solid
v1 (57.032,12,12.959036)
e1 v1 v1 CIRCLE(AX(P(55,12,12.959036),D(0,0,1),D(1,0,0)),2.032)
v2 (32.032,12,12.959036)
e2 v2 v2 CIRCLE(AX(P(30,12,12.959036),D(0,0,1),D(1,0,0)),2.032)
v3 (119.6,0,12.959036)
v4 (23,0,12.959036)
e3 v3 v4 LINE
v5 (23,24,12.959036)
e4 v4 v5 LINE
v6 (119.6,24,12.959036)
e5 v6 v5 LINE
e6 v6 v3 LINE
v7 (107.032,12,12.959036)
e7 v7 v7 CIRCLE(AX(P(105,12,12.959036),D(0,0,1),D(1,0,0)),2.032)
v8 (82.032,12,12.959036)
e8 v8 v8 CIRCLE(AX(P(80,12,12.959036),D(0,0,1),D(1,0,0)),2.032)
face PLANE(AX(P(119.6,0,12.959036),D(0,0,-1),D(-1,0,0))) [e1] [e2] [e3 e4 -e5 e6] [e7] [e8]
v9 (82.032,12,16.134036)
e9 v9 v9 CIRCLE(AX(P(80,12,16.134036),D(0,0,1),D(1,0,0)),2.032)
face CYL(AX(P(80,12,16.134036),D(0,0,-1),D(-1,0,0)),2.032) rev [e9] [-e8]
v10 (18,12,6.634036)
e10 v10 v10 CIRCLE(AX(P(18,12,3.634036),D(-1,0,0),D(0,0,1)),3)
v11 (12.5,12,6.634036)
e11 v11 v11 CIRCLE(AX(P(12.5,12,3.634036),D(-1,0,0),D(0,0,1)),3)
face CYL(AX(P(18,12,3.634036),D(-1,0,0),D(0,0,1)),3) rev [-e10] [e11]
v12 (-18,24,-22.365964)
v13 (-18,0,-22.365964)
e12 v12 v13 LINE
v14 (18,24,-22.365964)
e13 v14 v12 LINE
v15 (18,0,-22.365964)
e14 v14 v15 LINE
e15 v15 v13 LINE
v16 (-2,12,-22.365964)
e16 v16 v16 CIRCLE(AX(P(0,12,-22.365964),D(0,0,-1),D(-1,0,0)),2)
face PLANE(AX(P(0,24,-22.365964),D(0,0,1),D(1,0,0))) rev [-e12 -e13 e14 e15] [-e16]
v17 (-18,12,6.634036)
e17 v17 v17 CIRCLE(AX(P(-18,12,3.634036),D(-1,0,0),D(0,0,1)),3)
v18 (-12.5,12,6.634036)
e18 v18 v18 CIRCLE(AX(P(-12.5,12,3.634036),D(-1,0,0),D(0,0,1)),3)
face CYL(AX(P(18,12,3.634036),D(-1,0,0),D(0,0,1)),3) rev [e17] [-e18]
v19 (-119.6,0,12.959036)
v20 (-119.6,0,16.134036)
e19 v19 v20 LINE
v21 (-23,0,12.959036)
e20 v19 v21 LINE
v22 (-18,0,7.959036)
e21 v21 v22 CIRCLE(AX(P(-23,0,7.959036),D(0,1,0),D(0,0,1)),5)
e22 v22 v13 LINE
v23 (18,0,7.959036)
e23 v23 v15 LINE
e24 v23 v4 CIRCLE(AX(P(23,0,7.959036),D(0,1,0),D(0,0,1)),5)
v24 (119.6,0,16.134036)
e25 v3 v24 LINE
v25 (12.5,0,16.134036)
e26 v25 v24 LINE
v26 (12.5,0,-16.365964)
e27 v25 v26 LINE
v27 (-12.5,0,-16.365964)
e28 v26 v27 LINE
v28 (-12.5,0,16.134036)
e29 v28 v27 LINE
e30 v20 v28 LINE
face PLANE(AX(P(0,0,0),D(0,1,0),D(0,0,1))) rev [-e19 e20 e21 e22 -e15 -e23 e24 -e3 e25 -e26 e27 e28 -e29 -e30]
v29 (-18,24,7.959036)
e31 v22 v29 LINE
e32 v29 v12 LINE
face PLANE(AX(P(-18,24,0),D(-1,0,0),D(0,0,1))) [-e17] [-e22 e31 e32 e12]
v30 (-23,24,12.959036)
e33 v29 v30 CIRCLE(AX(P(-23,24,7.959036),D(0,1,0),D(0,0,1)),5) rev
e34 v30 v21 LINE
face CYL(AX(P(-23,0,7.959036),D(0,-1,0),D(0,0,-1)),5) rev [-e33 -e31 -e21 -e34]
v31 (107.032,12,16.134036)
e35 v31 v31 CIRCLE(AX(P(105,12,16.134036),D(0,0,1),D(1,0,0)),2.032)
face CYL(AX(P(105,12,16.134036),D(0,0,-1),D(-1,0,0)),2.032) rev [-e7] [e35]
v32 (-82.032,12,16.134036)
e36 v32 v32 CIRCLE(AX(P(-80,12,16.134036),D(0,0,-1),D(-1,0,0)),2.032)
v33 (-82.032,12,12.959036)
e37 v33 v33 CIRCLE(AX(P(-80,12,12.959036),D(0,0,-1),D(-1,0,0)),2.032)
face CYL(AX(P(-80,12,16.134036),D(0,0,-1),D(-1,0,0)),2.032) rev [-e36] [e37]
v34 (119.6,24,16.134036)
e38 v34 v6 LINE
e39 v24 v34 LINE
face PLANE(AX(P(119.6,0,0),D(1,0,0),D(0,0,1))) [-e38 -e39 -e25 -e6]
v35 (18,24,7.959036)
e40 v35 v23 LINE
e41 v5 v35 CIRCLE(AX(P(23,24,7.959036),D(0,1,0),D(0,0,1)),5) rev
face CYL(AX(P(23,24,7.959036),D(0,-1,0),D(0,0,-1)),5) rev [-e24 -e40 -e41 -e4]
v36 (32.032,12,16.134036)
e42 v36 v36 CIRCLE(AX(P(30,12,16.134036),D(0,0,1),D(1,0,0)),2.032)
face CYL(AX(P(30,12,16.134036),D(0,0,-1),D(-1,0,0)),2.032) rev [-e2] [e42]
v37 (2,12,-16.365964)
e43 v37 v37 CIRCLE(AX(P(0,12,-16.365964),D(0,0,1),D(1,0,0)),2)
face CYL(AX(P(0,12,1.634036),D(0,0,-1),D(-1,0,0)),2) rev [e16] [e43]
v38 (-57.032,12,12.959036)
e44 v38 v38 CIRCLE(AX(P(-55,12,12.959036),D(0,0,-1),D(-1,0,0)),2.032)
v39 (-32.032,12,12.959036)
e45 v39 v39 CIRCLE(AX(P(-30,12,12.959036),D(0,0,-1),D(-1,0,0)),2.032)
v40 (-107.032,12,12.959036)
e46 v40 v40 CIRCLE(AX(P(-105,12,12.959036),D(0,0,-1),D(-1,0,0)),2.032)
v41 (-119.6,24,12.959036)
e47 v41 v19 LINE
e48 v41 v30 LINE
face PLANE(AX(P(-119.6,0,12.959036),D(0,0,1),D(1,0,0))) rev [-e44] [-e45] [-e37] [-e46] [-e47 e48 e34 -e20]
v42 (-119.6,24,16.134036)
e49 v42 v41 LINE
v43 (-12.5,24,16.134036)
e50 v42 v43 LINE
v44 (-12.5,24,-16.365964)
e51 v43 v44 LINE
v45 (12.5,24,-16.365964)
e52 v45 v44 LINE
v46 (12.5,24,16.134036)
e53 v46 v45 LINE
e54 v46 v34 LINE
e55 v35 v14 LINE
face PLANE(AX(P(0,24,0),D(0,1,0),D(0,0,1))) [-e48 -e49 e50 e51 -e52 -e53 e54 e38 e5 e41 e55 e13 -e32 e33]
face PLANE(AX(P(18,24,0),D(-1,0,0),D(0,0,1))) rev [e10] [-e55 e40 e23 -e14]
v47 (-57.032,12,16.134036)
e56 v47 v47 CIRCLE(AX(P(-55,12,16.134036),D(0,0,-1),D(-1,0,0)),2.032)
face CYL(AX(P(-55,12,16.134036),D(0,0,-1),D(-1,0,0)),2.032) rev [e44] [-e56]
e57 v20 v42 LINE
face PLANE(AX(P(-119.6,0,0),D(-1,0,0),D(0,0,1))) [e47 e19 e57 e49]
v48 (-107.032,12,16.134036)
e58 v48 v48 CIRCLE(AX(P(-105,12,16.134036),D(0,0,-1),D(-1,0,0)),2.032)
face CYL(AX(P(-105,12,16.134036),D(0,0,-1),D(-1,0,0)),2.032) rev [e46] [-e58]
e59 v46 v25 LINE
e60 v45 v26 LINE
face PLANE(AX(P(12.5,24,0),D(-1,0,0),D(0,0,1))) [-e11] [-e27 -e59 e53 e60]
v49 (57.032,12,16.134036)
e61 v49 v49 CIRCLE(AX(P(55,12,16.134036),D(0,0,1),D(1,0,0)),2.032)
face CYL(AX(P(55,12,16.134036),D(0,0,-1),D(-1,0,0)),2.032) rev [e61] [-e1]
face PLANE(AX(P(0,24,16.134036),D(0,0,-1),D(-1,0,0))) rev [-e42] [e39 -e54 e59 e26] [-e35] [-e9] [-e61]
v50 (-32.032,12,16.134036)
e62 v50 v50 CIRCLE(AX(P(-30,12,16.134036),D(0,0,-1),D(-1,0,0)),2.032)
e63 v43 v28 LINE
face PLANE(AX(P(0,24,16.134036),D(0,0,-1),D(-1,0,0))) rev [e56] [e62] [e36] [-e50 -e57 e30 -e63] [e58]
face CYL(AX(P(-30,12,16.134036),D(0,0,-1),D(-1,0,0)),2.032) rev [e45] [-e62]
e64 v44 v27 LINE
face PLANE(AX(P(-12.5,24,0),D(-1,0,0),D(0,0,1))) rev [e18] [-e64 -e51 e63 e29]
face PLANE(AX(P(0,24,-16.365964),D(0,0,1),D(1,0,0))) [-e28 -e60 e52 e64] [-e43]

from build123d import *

# Parameters (mm, degrees)
BOSS_EXTRUDE1_DEPTH     = 24
SKETCH2_R               = 2
CUT_EXTRUDE1_DEPTH      = 24
SKETCH3_R               = 3
CUT_EXTRUDE2_DEPTH      = 1
CUT_EXTRUDE2_DEPTH_BACK = 37
SKETCH4_W               = 3.175
SKETCH4_H               = 24
BOSS_EXTRUDE2_DEPTH     = 101.6
SKETCH7_R               = 2.032
CUT_EXTRUDE3_DEPTH      = 4.175
FILLET1_R               = 5
FILLET2_R               = 5


with BuildPart() as part:
    # Sketch1 → Boss-Extrude1 (new body)
    with BuildSketch(Plane(origin=(0, 0, 0), x_dir=(1, 0, 0), z_dir=(0, 1, 0))):
        Polygon((12.5, -16.134036145), (12.5, 16.365963855), (-12.5, 16.365963855), (-12.5, -16.134036145), (-18, -16.134036145), (-18, 22.365963855), (18, 22.365963855), (18, -16.134036145), align=None)
    extrude(amount=BOSS_EXTRUDE1_DEPTH)

    # Sketch2 → Cut-Extrude1 (cut)
    with BuildSketch(Plane(origin=(0, 0, -22.365963855), x_dir=(-1, 0, 0), z_dir=(0, 0, -1))):
        with Locations((0, 12)):
            Circle(SKETCH2_R)
    extrude(amount=-CUT_EXTRUDE1_DEPTH, mode=Mode.SUBTRACT)

    # Sketch3 → Cut-Extrude2 (cut, two sides)
    with BuildSketch(Plane.ZY.offset(18)) as cut_extrude2_sk:
        with Locations((3.634036145, 12)):
            Circle(SKETCH3_R)
    extrude(amount=CUT_EXTRUDE2_DEPTH, mode=Mode.SUBTRACT)
    extrude(cut_extrude2_sk.sketch, amount=-CUT_EXTRUDE2_DEPTH_BACK, mode=Mode.SUBTRACT)

    # Sketch4 → Boss-Extrude2 (add)
    with BuildSketch(Plane.ZY.offset(18)):
        with Locations((14.546536145, 12)):
            Rectangle(SKETCH4_W, SKETCH4_H)
    boss_extrude2 = extrude(amount=BOSS_EXTRUDE2_DEPTH)

    # Sketch7 → Cut-Extrude3 (cut, through all)
    with BuildSketch(Plane(origin=(0, 0, 12.959036145), x_dir=(-1, 0, 0), z_dir=(0, 0, -1))):
        with Locations((30, 12)):
            Circle(SKETCH7_R)
        with Locations((55, 12)):
            Circle(SKETCH7_R)
        with Locations((80, 12)):
            Circle(SKETCH7_R)
        with Locations((105, 12)):
            Circle(SKETCH7_R)
        with Locations((130, 12)):
            Circle(SKETCH7_R)
        with Locations((155, 12)):
            Circle(SKETCH7_R)
    cut_extrude3 = extrude(amount=-CUT_EXTRUDE3_DEPTH, mode=Mode.SUBTRACT)

    # Mirror1: Boss-Extrude2, Cut-Extrude3 across plane
    add(boss_extrude2.mirror(Plane.ZY))
    add(cut_extrude3.mirror(Plane.ZY), mode=Mode.SUBTRACT)

    # Fillet1
    fillet1_edges = [part.edges().sort_by_distance(p)[0] for p in [
        (-18, 12, 12.959036145),
    ]]
    fillet(fillet1_edges, radius=FILLET1_R)

    # Fillet2
    fillet2_edges = [part.edges().sort_by_distance(p)[0] for p in [
        (18, 12, 12.959036145),
    ]]
    fillet(fillet2_edges, radius=FILLET2_R)


solid = part.part
